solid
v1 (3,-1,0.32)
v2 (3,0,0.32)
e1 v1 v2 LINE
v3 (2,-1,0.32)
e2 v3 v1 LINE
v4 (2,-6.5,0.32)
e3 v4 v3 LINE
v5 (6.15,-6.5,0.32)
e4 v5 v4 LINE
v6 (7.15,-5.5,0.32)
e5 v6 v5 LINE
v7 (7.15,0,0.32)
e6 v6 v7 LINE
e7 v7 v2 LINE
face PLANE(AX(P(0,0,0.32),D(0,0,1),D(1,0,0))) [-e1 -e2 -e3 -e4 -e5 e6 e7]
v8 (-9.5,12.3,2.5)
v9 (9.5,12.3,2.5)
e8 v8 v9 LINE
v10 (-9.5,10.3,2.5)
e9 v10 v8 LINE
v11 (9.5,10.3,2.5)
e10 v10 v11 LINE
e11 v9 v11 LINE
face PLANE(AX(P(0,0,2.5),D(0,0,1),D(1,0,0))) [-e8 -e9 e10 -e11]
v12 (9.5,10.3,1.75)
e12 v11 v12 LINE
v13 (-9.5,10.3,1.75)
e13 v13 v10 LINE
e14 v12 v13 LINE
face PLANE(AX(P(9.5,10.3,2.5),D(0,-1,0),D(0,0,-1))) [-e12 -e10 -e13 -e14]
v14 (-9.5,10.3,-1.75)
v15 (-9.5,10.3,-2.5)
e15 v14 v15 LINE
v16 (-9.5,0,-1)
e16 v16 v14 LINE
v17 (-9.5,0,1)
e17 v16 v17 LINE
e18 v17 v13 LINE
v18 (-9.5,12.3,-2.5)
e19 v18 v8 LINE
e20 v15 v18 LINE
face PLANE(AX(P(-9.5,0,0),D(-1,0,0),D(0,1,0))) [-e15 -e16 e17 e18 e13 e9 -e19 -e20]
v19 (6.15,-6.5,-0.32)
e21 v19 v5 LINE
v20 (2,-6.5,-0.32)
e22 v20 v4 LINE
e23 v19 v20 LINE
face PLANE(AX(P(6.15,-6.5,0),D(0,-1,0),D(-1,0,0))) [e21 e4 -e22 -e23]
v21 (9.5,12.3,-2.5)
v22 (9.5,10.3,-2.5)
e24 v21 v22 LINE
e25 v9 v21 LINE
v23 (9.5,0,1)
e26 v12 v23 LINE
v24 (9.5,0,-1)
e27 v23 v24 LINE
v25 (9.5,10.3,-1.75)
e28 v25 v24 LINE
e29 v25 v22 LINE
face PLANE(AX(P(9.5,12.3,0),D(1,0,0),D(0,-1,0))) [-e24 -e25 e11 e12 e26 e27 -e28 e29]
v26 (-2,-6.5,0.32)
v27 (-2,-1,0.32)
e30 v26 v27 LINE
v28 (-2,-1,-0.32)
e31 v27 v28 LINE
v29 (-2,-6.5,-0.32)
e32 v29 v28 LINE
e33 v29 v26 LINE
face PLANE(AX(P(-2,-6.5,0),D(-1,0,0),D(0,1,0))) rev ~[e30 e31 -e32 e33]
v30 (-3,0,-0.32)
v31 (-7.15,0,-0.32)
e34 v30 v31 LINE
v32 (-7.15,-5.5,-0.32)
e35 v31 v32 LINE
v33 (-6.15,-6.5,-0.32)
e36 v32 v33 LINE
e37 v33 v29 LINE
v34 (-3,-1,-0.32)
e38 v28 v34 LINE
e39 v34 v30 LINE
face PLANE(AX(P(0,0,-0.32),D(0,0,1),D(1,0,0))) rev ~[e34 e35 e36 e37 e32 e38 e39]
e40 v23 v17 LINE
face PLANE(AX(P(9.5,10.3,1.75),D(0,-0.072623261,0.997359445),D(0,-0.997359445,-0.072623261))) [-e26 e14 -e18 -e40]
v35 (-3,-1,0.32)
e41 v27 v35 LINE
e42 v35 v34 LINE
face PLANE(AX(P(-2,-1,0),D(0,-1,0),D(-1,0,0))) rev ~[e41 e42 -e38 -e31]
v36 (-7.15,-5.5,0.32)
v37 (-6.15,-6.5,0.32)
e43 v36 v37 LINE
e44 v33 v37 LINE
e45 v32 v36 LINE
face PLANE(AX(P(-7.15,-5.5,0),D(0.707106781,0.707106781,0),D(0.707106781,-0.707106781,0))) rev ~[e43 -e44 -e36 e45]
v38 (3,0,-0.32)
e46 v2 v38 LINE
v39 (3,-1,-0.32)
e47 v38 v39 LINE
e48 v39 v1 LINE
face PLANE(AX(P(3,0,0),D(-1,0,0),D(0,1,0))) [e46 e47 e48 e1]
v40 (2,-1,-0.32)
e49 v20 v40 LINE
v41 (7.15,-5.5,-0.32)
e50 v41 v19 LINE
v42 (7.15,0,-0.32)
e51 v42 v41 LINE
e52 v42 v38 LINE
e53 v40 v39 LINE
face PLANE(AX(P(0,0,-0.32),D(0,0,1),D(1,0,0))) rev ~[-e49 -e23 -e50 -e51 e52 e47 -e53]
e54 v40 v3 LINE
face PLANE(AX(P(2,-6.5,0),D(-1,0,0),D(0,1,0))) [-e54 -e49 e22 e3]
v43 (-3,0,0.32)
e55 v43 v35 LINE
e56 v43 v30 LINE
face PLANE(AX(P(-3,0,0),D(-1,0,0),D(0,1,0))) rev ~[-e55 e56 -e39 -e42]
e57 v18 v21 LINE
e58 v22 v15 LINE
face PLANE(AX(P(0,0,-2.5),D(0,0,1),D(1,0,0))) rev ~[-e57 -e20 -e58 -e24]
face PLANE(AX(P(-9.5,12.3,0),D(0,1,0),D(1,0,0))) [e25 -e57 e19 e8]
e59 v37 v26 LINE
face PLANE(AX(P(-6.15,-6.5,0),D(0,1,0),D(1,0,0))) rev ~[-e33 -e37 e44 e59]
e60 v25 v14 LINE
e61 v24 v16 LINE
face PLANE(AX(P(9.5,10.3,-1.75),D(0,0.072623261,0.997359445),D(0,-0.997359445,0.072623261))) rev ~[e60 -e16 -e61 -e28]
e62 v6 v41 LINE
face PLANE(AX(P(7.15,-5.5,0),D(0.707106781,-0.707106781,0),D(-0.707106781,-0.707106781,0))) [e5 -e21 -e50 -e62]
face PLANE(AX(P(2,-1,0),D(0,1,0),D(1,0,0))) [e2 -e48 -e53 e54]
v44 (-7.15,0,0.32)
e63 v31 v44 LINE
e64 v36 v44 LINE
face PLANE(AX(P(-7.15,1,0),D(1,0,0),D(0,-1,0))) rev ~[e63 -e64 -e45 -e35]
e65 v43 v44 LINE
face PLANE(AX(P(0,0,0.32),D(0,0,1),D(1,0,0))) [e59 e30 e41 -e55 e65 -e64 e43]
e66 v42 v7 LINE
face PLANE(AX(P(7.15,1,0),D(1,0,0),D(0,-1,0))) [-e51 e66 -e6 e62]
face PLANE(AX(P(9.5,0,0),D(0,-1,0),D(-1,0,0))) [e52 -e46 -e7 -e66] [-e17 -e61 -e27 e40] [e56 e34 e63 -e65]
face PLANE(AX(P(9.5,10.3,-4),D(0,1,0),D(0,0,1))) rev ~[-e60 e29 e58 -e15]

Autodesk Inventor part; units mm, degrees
ref_plane "YZ Plane" through (0, 0, 0) normal (1, 0, 0) x (0, 1, 0)
ref_plane "XZ Plane" through (0, 0, 0) normal (0, 1, 0) x (-1, 0, 0)
ref_plane "XY Plane" through (0, 0, 0) normal (0, 0, 1) x (1, 0, 0)
sketch "Sketch1" plane through (0, 0, 0) normal (0, 0, 1) x (1, 0, 0)
  line L0 (-9.5, 12.3) -> (9.5, 12.3)
  line L1 (9.5, 12.3) -> (9.5, 0)
  line L2 (9.5, 0) -> (-9.5, 0)
  line L3 (-9.5, 0) -> (-9.5, 12.3)
  line L4 (-9.5, 12.3) -> (9.5, 0) construction
  line L5 (9.5, 12.3) -> (-9.5, 0) construction
  point P0 (0, 0)
  point P1 (0, 6.15)
  dimension "d0" = 12.3
  dimension "d1" = 19
  dimension "d2" = 0
  dimension "d3" = 12.3
extrude "Extrusion1" add sketch "Sketch1" along normal mid plane 5
sketch "Sketch2" plane through (0, 0, 0) normal (0, 0, 1) x (1, 0, 0)
  line L0 (-7.15, 1) -> (-7.15, -5.5)
  line L1 (-6.15, -6.5) -> (-2, -6.5)
  line L2 (-2, -6.5) -> (-2, -1)
  line L3 (-2, -1) -> (-3, -1)
  line L4 (-3, -1) -> (-3, 1)
  line L5 (-3, 1) -> (-7.15, 1)
  line L6 (-9.5, 0) -> (9.5, 0) projected
  line L7 (0, 0) -> (0, 7.1725) construction
  line L8 (-7.15, -5.5) -> (-6.15, -6.5)
  line L9 (7.15, 1) -> (7.15, -5.5)
  line L10 (6.15, -6.5) -> (2, -6.5)
  line L11 (2, -6.5) -> (2, -1)
  line L12 (2, -1) -> (3, -1)
  line L13 (3, -1) -> (3, 1)
  line L14 (3, 1) -> (7.15, 1)
  line L15 (7.15, -5.5) -> (6.15, -6.5)
  point P0 (-7.15, -6.5)
  point P1 (7.15, -6.5)
  dimension "d6" = 6.5
  dimension "d7" = 2
  dimension "d8" = 7.15
  dimension "d9" = 1
  dimension "d10" = 1
  dimension "d11" = 1
  dimension "d12" = 1
  dimension "d13" = 1
extrude "Extrusion2" add sketch "Sketch2" along normal mid plane 0.64
sketch "Sketch3" plane through (9.5, 0, 2.5) normal (1, 0, 0) x (0, 0, -1)
  line L0 (0, 12.3) -> (5, 12.3) projected
  line L1 (0, 0) -> (0, 12.3) projected
  line L2 (0, 0) -> (5, 0) projected
  line L3 (5, 12.3) -> (5, 0) projected
  line L4 (-1.5, 10.3) -> (0.75, 10.3)
  line L5 (0.75, 10.3) -> (1.5, 0)
  line L6 (-1.5, 10.3) -> (-1.5, -2)
  line L7 (-1.5, -2) -> (1.5, -2)
  line L8 (1.5, -2) -> (1.5, 0)
  line L9 (2.5, 0) -> (2.5, 10.8693) construction
  line L10 (6.5, 10.3) -> (4.25, 10.3)
  line L11 (4.25, 10.3) -> (3.5, 0)
  line L12 (6.5, 10.3) -> (6.5, -2)
  line L13 (6.5, -2) -> (3.5, -2)
  line L14 (3.5, 0) -> (3.5, -2)
  dimension "d16" = 2
  dimension "d17" = 0.75
  dimension "d18" = 1.5
  dimension "d19" = 2
  dimension "d20" = 1.5
extrude "Extrusion3" cut sketch "Sketch3" against normal through all contours L4 L5 L2 L1 | L1 L2 L8 L7 L6 L4 | L10 L12 L13 L14 L2 L3 | L3 L2 L11 L10
equation "\"d3\" = d0"
equation "\"d12\" = d11"
properties part number "ATCFuse"
